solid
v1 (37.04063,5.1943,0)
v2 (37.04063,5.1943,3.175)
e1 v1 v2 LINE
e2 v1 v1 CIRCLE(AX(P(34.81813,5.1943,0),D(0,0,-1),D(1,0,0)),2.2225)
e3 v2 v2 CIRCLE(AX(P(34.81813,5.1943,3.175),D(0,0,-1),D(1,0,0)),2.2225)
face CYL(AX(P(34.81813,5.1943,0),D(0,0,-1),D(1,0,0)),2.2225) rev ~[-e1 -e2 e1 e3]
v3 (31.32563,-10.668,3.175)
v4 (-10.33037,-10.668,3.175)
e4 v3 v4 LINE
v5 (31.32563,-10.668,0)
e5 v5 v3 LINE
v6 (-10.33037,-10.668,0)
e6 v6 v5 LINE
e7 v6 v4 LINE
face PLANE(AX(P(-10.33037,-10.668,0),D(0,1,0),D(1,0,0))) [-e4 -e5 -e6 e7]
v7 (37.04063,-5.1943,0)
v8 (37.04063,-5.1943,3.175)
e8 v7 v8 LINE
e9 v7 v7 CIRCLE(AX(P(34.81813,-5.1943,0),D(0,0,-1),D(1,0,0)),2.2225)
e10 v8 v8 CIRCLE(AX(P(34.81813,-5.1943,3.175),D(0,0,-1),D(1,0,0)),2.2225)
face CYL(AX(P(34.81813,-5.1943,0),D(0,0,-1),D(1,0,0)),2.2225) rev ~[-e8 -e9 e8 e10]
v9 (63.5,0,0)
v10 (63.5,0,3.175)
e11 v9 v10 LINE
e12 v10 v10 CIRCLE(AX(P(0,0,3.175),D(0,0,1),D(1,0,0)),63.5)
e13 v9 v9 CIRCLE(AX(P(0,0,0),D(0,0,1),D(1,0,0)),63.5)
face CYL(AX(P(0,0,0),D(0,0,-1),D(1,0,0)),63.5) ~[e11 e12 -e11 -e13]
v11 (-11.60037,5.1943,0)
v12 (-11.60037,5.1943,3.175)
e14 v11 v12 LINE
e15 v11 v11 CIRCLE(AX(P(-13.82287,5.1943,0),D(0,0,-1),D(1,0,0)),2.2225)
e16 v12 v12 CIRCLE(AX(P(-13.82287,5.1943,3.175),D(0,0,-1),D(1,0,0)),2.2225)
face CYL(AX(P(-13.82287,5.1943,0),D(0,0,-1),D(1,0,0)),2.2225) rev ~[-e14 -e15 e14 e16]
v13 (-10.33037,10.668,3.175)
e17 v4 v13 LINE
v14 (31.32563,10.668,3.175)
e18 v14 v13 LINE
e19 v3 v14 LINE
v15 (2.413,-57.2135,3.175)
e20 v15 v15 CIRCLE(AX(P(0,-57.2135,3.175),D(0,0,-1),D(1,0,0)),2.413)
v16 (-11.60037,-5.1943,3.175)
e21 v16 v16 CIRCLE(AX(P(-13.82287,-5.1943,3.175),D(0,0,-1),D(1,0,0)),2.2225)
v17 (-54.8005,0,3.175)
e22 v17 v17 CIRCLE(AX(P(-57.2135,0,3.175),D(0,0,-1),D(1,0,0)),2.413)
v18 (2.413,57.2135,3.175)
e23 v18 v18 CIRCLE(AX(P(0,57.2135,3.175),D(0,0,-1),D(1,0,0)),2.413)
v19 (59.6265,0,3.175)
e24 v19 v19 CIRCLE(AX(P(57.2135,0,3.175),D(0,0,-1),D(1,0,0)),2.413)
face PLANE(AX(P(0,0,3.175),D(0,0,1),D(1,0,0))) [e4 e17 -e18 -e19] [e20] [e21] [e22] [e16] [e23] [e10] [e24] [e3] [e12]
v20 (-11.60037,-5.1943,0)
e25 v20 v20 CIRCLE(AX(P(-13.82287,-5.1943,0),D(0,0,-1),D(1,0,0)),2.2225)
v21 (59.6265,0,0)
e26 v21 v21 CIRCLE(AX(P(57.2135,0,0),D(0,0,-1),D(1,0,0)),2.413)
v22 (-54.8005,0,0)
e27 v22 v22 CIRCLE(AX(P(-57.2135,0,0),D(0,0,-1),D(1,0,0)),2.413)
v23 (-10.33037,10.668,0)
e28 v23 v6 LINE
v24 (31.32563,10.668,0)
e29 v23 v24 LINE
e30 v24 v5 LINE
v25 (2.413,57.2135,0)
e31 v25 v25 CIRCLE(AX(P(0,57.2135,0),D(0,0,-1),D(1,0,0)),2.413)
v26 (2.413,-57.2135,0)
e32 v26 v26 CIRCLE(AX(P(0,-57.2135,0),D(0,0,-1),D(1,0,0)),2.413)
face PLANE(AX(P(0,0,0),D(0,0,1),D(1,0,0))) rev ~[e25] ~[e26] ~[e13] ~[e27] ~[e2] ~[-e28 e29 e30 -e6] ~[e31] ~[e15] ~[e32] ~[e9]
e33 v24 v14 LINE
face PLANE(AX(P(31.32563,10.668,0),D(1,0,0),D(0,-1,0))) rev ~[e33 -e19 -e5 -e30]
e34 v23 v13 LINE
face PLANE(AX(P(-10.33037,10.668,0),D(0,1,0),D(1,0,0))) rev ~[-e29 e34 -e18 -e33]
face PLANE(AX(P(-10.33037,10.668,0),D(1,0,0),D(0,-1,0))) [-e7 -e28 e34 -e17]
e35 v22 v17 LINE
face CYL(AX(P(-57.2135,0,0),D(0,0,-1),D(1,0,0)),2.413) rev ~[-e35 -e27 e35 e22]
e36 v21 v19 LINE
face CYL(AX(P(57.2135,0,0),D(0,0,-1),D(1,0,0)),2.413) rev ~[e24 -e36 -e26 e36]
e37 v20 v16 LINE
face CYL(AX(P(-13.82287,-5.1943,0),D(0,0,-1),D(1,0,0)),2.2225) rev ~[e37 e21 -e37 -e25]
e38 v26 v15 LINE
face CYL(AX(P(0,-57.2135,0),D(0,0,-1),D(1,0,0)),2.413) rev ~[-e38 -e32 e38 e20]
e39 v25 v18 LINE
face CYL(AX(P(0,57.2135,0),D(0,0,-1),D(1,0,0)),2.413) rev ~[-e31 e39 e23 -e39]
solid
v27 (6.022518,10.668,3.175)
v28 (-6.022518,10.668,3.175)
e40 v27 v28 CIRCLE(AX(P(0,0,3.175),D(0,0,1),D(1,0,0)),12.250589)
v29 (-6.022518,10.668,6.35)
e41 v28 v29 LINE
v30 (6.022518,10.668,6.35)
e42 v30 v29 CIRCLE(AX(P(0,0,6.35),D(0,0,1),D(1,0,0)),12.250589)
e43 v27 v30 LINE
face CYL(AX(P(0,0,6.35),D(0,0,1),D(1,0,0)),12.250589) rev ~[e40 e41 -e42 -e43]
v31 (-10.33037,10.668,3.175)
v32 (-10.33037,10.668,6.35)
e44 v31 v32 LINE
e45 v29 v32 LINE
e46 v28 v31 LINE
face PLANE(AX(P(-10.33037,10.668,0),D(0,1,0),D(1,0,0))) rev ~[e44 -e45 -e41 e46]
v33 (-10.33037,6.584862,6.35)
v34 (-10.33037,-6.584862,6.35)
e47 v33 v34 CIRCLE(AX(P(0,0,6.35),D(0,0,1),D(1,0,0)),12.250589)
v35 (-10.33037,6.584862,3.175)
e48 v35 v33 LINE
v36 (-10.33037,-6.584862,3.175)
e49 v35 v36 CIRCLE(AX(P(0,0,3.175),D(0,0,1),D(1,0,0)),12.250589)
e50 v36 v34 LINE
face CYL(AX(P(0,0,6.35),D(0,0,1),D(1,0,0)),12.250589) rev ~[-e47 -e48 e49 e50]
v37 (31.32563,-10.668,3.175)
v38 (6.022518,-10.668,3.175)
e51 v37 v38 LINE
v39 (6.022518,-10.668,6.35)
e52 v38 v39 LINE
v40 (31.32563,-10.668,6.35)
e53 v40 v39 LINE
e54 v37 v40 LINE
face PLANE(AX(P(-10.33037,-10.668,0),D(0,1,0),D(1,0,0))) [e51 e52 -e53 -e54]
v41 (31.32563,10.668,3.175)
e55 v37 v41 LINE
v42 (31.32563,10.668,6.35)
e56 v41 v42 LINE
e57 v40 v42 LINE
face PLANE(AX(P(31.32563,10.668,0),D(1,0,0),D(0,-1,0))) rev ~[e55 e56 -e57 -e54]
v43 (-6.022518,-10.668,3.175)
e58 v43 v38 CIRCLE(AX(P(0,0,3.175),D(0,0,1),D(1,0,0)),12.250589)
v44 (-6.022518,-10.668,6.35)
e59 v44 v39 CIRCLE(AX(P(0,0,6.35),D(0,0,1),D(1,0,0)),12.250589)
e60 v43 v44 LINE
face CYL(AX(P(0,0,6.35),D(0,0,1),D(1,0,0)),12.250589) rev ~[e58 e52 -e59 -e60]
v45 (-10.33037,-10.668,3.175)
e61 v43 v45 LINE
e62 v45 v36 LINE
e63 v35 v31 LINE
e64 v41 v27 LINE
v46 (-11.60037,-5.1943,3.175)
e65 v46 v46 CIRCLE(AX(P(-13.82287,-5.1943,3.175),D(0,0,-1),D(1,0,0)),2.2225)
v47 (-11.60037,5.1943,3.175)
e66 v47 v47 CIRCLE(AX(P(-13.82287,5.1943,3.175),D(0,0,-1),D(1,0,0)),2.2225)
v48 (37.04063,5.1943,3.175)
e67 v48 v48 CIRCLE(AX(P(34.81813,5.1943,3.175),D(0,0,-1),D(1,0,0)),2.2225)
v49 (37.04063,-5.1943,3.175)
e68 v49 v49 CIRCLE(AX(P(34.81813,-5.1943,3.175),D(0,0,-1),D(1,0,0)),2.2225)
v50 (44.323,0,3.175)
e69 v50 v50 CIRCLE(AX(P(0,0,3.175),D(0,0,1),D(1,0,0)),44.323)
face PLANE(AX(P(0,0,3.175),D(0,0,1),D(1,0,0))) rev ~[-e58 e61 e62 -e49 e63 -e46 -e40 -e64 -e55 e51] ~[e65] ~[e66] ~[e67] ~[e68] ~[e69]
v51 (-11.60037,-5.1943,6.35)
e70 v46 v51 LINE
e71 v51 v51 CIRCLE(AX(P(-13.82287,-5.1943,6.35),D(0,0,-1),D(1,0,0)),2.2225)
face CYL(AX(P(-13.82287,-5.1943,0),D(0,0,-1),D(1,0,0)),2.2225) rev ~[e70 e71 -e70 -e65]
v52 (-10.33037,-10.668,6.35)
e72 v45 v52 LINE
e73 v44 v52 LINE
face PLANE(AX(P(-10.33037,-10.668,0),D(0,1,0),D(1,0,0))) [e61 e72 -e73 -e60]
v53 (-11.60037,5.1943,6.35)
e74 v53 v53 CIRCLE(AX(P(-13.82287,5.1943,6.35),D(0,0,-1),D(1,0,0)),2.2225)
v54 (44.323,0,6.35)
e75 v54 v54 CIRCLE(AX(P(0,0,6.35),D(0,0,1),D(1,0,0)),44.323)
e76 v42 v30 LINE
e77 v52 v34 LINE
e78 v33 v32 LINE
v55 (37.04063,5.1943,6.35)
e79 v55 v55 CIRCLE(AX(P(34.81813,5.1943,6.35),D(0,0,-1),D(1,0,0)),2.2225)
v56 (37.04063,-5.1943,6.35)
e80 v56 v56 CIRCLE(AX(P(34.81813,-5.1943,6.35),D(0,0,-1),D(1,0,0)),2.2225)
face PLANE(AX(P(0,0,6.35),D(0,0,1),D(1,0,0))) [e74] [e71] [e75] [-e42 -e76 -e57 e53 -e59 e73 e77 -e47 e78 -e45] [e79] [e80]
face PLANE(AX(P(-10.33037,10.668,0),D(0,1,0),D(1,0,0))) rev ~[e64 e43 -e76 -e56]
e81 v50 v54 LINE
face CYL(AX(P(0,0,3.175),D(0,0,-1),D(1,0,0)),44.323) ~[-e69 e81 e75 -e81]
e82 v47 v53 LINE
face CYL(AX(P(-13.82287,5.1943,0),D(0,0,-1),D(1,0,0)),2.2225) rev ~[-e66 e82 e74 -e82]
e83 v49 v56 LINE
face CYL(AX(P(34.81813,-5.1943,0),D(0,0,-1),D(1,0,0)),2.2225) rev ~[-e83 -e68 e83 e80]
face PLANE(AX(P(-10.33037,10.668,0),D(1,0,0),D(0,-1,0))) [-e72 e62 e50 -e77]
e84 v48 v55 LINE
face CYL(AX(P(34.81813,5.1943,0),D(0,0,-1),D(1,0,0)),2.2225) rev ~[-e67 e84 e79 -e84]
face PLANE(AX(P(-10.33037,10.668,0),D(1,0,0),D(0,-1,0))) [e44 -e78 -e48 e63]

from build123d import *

# Parameters (mm, degrees)
F0_R     = 63.5
F1_DEPTH = 3.175
F2_R     = 63.5
F2_R_2   = 50.927
F3_DEPTH = 3.175
F2_R_3   = 44.323
F4_W     = 41.656
F4_H     = 21.336
F4_R     = 2.2225
F4_R_2   = 2.413
F5_DEPTH = 6.351
F6_DEPTH = 25.4
F7_R     = 12.2505894572
F8_DEPTH = 6.351


with BuildPart() as f1:
    # F0 (on Top) → F1 (new body)
    with BuildSketch(Plane.XY):
        Circle(F0_R)
    extrude(amount=F1_DEPTH)


with BuildPart() as f3:
    # F2 (on face) → F3 (new body)
    with BuildSketch(Plane.XY.offset(3.175)):
        Circle(F2_R)
        Circle(F2_R_2, mode=Mode.SUBTRACT)
    extrude(amount=F3_DEPTH)


with BuildPart() as f3b:
    # F2 (on face) → F3, piece 2 (new body)
    with BuildSketch(Plane.XY.offset(3.175)):
        Circle(F2_R_3)
    extrude(amount=F3_DEPTH)


with BuildPart() as f5_tool:
    # F4 (on face) → F5 (new body, through all)
    with BuildSketch(Plane(origin=(0, 0, 0), x_dir=(1, 0, 0), z_dir=(0, 0, -1))):
        with Locations((10.4976304106, 0)):
            Rectangle(F4_W, F4_H)
        with Locations((34.8181304106, -5.1943)):
            Circle(F4_R)
        with Locations((34.8181304106, 5.1943)):
            Circle(F4_R)
        with Locations((-13.8228695894, 5.1943)):
            Circle(F4_R)
        with Locations((-13.8228695894, -5.1943)):
            Circle(F4_R)
        with Locations((-57.2135, 0)):
            Circle(F4_R_2)
        with Locations((0, -57.2135)):
            Circle(F4_R_2)
        with Locations((57.2135, 0)):
            Circle(F4_R_2)
        with Locations((0, 57.2135)):
            Circle(F4_R_2)
    extrude(amount=-F5_DEPTH)


with BuildPart() as f1_1:
    add(f1.part)

    # F5: cut by f5_tool
    add(f5_tool.part, mode=Mode.SUBTRACT)

    # F4 (on face) → F6 (cut)
    with BuildSketch(Plane(origin=(0, 0, 0), x_dir=(1, 0, 0), z_dir=(0, 0, -1))):
        with Locations((-57.2135, 0)):
            Circle(F4_R_2)
        with Locations((0, 57.2135)):
            Circle(F4_R_2)
        with Locations((57.2135, 0)):
            Circle(F4_R_2)
        with Locations((0, -57.2135)):
            Circle(F4_R_2)
    extrude(amount=-F6_DEPTH, mode=Mode.SUBTRACT)


with BuildPart() as f3_1:
    add(f3.part)

    # F5: cut by f5_tool
    add(f5_tool.part, mode=Mode.SUBTRACT)


with BuildPart() as f3b_1:
    add(f3b.part)

    # F5: cut by f5_tool
    add(f5_tool.part, mode=Mode.SUBTRACT)

    # F7 (on face) → F8 (cut, through all)
    with BuildSketch(Plane.XY.offset(6.35)):
        Circle(F7_R)
    extrude(amount=-F8_DEPTH, mode=Mode.SUBTRACT)


solid = Compound([f1_1.part, f3b_1.part])
